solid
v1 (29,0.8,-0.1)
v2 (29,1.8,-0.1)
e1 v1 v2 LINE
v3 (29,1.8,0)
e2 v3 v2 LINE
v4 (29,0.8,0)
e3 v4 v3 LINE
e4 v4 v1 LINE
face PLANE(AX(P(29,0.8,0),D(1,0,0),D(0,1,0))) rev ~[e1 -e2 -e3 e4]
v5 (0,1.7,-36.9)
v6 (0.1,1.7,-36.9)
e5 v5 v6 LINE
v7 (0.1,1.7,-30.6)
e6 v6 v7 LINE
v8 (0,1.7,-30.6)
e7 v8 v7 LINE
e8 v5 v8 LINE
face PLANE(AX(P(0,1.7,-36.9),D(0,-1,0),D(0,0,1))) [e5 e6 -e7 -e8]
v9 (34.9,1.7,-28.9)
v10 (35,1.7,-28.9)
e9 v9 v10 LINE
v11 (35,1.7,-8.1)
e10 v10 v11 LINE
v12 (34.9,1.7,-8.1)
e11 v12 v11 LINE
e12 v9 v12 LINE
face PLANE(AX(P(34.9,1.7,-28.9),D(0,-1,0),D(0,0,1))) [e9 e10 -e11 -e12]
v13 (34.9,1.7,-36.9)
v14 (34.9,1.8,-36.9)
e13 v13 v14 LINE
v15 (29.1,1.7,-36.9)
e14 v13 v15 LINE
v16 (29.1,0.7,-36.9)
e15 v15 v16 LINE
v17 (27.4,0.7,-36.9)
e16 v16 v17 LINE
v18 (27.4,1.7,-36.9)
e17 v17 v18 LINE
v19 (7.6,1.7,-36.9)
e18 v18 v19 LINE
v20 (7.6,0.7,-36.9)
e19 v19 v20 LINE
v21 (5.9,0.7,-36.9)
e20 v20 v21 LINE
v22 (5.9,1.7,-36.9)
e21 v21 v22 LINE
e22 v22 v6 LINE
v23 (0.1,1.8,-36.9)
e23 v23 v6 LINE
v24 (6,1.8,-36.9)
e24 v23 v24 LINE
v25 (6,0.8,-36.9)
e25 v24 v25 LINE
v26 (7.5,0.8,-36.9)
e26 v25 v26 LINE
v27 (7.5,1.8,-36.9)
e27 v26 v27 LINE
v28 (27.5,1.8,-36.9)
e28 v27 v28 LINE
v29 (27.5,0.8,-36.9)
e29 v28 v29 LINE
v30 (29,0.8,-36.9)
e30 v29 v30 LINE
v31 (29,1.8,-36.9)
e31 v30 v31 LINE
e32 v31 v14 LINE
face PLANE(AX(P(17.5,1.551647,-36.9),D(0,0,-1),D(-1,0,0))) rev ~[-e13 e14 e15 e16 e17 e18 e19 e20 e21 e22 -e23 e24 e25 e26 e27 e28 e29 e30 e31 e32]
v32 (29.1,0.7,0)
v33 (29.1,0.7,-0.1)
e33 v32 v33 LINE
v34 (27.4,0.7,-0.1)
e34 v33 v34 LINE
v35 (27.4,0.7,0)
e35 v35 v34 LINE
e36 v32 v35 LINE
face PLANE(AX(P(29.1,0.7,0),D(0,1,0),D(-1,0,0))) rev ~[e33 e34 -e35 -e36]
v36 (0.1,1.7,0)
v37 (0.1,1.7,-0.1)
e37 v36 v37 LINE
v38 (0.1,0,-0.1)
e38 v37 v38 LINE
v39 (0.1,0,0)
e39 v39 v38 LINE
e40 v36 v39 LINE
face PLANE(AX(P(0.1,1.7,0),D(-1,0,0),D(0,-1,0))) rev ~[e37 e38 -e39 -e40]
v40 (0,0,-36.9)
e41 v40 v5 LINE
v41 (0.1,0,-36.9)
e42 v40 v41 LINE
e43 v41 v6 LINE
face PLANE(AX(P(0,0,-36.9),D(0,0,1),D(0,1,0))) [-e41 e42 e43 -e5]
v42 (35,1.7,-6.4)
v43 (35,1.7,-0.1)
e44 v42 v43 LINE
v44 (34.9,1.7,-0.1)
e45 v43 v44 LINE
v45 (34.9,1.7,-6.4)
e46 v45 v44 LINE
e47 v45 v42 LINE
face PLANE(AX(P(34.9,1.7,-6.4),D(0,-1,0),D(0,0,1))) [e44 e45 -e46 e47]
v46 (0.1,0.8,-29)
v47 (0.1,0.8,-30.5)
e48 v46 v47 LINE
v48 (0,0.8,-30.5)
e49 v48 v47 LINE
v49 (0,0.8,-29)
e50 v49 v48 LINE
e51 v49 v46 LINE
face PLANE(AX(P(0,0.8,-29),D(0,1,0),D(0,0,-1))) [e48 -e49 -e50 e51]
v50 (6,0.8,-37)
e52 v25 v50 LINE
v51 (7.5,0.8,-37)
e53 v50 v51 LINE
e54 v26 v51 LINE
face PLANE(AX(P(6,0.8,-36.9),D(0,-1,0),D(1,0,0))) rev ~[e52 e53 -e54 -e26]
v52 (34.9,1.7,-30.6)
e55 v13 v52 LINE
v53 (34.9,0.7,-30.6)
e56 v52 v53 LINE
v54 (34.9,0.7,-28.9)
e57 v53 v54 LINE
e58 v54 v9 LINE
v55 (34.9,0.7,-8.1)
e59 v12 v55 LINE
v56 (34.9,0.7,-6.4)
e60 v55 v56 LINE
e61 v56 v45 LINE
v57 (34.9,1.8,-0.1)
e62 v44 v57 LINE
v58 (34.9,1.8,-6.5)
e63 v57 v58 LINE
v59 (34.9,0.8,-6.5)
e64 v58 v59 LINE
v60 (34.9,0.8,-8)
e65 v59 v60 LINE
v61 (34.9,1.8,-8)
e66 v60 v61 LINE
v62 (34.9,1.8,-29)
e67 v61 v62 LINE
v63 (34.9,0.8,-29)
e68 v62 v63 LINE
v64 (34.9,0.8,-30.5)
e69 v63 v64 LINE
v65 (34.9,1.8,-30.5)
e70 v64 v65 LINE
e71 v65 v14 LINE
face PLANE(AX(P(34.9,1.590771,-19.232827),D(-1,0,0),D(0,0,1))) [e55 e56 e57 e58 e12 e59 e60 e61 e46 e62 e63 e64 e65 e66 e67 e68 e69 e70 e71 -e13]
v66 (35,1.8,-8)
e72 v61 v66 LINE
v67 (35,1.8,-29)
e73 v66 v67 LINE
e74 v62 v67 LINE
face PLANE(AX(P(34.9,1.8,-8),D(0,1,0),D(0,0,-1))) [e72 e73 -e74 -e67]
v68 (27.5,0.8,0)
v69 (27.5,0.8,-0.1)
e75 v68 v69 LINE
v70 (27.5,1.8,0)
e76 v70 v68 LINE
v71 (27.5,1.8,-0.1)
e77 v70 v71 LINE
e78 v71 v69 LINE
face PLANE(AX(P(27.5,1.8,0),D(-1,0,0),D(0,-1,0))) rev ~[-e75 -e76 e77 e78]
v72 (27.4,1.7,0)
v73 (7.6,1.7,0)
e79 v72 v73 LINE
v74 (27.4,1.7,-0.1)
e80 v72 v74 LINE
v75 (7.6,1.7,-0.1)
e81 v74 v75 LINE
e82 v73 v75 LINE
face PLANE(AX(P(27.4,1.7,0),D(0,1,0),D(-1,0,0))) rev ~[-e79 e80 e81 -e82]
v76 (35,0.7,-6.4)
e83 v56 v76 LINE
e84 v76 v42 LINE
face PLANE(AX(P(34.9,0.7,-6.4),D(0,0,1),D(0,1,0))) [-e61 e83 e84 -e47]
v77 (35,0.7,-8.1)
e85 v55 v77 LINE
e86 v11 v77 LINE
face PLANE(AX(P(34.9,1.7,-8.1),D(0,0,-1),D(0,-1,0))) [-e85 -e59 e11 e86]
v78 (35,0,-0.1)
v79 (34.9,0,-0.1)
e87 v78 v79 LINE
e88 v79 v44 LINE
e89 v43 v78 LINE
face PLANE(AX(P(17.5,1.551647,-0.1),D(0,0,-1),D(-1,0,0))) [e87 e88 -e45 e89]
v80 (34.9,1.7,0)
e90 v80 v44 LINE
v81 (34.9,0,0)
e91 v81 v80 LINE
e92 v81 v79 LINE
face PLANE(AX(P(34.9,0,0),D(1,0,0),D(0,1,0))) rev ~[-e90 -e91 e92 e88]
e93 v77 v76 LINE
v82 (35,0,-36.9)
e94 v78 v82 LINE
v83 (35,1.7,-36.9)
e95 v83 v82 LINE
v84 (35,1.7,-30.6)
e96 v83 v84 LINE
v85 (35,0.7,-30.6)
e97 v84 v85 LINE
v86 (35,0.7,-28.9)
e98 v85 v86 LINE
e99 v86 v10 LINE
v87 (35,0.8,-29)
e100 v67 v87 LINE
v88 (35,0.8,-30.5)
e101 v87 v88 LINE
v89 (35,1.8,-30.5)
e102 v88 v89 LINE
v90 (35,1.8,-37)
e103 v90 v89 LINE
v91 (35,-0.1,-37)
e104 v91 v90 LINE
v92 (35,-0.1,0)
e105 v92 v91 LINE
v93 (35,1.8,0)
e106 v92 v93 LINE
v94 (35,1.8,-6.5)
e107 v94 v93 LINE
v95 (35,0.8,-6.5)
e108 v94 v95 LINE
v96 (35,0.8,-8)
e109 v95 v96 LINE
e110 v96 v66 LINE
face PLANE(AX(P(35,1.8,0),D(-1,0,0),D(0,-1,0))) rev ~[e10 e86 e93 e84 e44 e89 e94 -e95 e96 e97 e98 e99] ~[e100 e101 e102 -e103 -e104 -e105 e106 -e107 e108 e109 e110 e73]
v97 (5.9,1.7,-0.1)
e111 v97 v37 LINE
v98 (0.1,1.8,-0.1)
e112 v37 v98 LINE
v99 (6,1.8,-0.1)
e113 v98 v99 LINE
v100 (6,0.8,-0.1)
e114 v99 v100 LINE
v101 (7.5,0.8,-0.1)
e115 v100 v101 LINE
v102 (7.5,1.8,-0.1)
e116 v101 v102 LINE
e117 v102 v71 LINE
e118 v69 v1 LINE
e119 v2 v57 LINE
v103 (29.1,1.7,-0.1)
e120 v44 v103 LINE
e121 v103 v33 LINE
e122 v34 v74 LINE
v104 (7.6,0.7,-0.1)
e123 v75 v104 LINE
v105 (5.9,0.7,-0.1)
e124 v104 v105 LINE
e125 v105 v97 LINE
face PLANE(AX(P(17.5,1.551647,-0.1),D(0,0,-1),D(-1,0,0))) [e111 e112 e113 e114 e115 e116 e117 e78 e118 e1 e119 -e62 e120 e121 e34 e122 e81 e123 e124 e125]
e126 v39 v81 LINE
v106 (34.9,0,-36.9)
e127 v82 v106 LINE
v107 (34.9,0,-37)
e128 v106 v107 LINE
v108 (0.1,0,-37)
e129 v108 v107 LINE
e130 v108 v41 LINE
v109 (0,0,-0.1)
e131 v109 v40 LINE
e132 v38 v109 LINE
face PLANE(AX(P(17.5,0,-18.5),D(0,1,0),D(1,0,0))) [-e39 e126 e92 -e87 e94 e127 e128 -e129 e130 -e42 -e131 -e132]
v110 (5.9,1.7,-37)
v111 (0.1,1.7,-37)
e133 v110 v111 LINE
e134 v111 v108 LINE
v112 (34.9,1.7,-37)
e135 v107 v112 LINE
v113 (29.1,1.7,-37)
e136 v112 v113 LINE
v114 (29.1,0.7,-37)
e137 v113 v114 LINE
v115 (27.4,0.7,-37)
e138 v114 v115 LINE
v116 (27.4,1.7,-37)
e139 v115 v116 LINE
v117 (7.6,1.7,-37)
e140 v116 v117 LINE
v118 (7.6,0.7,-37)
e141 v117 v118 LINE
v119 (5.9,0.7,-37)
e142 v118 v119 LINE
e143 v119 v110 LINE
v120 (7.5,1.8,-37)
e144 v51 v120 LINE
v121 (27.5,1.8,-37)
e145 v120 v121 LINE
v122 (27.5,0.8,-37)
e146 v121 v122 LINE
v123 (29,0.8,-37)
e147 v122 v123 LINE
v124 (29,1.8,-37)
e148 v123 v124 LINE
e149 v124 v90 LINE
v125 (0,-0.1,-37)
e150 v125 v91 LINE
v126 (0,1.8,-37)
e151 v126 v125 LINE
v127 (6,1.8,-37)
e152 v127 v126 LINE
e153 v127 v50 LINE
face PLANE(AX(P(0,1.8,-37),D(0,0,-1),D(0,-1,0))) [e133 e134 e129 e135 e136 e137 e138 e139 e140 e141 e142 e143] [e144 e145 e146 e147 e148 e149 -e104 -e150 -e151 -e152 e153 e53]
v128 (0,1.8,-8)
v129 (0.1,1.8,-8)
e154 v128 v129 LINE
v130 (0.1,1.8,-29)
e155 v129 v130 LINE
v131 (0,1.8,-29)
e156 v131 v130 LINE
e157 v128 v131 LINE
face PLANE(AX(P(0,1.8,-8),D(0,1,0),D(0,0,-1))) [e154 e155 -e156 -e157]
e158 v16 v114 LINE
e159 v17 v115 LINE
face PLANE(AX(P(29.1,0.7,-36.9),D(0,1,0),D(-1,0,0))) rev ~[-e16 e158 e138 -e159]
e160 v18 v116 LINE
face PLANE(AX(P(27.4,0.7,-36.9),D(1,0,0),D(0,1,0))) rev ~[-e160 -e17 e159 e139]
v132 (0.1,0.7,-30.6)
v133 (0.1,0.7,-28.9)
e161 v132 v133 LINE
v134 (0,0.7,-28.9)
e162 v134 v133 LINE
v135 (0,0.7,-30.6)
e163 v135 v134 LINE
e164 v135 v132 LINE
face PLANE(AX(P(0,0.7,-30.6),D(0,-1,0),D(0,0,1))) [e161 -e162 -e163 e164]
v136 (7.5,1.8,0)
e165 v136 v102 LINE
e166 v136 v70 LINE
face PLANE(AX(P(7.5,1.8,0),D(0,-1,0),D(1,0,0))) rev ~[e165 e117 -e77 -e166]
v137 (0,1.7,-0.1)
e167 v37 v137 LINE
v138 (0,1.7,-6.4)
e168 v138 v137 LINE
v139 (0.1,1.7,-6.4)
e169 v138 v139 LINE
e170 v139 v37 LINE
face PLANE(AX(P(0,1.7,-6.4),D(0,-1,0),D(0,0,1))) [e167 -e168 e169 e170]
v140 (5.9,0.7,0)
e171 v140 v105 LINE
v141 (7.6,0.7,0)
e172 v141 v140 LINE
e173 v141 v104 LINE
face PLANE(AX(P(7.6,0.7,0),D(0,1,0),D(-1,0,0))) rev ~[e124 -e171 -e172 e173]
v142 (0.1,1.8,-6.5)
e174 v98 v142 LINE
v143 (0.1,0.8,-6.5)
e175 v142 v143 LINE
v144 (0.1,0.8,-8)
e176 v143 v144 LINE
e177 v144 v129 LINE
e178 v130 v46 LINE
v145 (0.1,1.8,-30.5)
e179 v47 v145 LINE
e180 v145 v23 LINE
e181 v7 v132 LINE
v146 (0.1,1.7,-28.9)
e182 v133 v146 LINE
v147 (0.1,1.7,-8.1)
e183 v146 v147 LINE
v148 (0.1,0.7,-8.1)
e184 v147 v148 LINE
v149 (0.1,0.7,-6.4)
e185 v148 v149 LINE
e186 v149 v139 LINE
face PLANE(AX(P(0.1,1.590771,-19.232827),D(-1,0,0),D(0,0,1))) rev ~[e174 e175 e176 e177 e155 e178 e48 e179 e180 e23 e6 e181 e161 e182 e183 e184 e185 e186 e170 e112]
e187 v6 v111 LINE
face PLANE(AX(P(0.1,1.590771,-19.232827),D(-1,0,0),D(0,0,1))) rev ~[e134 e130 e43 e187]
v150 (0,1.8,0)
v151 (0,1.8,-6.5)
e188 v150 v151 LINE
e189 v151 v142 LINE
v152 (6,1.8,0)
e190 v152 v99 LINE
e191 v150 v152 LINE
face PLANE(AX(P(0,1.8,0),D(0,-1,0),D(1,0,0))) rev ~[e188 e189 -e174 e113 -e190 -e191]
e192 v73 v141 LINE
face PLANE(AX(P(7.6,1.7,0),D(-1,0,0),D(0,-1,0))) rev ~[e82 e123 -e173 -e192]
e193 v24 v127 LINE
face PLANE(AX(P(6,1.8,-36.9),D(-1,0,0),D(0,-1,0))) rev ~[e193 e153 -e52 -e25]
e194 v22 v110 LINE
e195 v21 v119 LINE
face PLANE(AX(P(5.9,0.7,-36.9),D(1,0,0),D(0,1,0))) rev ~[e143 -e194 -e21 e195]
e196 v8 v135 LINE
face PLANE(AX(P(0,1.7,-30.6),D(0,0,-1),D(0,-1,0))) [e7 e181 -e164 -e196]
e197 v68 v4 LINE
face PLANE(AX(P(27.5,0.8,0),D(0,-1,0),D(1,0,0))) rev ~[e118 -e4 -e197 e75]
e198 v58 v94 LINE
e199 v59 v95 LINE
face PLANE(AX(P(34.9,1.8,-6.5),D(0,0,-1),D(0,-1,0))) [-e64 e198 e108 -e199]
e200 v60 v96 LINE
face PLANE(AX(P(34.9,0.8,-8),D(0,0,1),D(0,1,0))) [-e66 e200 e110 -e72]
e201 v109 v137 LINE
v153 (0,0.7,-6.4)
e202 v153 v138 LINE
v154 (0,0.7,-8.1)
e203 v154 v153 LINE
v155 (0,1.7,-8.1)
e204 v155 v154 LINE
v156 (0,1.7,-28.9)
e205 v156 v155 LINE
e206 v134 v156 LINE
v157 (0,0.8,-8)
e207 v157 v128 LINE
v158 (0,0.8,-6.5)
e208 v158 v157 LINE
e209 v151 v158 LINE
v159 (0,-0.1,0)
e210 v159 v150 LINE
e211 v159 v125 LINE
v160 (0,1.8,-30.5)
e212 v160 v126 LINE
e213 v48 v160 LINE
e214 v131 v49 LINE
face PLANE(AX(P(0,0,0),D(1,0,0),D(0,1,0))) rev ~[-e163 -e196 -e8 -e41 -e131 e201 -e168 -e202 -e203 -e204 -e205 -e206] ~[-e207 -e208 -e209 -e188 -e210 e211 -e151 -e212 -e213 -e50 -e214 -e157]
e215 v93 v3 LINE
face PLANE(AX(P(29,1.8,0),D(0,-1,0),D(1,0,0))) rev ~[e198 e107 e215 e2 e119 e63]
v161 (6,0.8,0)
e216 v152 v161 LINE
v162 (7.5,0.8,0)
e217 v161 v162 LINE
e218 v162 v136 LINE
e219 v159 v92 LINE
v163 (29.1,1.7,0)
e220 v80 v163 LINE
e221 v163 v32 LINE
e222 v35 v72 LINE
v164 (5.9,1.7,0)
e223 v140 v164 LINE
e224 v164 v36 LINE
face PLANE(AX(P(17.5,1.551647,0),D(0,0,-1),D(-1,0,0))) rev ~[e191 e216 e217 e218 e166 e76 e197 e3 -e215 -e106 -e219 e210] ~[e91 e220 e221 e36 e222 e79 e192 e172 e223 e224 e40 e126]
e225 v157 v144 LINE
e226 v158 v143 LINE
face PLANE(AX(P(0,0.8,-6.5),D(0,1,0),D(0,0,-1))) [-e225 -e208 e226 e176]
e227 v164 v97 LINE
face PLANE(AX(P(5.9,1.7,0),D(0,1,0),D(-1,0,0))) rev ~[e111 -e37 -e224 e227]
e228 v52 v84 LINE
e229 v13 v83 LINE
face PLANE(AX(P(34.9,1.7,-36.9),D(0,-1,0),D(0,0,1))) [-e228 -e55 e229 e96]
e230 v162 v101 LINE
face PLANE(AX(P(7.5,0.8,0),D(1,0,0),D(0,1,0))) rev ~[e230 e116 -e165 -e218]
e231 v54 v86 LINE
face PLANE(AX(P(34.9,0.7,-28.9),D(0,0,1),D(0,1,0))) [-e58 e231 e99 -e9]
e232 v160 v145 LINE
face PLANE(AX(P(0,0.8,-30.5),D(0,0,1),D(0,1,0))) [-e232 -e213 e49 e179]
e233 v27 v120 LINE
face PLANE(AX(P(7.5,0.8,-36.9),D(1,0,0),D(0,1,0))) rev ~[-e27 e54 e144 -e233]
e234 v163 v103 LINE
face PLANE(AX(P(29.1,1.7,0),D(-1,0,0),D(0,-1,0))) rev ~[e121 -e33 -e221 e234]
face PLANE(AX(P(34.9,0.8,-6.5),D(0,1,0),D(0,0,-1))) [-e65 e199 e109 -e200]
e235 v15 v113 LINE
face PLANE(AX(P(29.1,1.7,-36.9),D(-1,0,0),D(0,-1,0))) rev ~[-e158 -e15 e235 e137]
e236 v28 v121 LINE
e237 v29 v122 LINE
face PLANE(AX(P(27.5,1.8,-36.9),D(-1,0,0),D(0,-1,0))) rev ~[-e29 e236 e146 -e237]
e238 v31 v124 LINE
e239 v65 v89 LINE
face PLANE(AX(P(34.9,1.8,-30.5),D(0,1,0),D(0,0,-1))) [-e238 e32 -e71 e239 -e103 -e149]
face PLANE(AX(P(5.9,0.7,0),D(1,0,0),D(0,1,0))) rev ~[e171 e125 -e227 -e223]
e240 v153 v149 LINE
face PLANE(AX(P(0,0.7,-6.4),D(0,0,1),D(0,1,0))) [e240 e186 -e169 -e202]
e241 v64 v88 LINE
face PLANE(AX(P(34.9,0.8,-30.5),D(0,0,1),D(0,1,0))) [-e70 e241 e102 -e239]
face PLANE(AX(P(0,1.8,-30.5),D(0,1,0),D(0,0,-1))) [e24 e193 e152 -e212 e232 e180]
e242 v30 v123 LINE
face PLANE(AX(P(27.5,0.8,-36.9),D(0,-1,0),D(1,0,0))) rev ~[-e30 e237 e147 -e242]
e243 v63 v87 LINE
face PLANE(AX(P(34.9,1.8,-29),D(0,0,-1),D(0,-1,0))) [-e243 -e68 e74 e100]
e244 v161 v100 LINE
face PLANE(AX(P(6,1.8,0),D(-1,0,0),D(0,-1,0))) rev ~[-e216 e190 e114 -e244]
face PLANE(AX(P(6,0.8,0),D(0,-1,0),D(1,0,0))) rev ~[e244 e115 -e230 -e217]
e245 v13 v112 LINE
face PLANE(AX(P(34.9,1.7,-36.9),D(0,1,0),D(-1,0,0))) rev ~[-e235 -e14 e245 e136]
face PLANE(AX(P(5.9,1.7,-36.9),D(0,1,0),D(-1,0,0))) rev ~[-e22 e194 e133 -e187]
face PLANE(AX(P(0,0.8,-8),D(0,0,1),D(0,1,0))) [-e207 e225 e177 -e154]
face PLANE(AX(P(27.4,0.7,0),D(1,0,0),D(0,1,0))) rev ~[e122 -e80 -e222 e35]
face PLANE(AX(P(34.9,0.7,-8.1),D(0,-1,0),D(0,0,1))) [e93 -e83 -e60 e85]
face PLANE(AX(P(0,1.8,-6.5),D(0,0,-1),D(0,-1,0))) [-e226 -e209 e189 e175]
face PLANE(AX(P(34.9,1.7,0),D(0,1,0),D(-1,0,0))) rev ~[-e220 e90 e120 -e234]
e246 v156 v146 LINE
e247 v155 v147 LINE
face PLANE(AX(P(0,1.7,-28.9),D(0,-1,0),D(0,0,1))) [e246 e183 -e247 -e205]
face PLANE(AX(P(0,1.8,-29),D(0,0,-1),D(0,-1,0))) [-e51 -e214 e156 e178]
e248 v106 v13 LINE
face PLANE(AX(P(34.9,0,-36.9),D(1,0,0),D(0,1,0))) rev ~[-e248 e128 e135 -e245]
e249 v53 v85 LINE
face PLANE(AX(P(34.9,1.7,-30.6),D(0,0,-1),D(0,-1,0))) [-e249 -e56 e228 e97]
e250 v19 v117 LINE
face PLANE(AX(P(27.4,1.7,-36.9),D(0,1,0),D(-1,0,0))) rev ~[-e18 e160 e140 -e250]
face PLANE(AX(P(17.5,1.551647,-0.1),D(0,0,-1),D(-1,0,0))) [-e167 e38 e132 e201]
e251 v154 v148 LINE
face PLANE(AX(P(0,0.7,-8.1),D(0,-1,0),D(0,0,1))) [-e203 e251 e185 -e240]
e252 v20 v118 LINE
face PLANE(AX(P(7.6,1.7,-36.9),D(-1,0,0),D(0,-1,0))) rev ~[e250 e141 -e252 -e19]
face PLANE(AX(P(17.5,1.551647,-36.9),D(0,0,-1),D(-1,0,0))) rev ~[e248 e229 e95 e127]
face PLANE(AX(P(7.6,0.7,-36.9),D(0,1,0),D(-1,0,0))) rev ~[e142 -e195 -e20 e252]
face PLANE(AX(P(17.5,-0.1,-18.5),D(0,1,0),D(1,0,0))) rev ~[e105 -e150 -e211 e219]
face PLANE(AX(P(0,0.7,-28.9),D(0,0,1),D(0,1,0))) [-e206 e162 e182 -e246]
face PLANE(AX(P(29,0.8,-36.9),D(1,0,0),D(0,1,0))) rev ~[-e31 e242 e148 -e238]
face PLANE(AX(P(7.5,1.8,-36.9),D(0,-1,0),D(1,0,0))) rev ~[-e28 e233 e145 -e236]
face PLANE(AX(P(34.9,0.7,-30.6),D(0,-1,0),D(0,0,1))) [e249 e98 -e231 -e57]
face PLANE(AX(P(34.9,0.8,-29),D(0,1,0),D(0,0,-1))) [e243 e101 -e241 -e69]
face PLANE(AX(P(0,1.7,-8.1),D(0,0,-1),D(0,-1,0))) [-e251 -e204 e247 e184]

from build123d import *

# Parameters (mm, degrees)
SKETCH_1_W             = 35
SKETCH_1_H             = 37
EXTRUDE_1_DEPTH        = 0.1
EXTRUDE_2_DEPTH        = 0.1
EXTRUDE_3_DEPTH        = 0.1
PATTERN_LINEAR_1_COUNT = 2
PATTERN_LINEAR_1_PITCH = 36.9
PATTERN_LINEAR_2_COUNT = 2
PATTERN_LINEAR_2_PITCH = 34.9


with BuildPart() as part:
    # 草图1 → 凸台-拉伸1 (new body)
    with BuildSketch(Plane(origin=(0, 0, 0), x_dir=(1, 0, 0), z_dir=(0, 1, 0))):
        with Locations((17.5, 18.5)):
            Rectangle(SKETCH_1_W, SKETCH_1_H)
    extrude(amount=-EXTRUDE_1_DEPTH)

    # 草图2 → 拉伸-薄壁2 (add)
    with BuildSketch(Plane.XY):
        Polygon((0, 0), (0, 1.8), (6, 1.8), (6, 0.8), (7.5, 0.8), (7.5, 1.8), (27.5, 1.8), (27.5, 0.8), (29, 0.8), (29, 1.8), (35, 1.8), (35, 0), (34.9, 0), (34.9, 1.7), (29.1, 1.7), (29.1, 0.7), (27.4, 0.7), (27.4, 1.7), (7.6, 1.7), (7.6, 0.7), (5.9, 0.7), (5.9, 1.7), (0.1, 1.7), (0.1, 0), align=None)
    extrude_2 = extrude(amount=-EXTRUDE_2_DEPTH)

    # 草图3 → 拉伸-薄壁3 (add)
    with BuildSketch(Plane(origin=(0, 0, 0), x_dir=(0, 0, -1), z_dir=(1, 0, 0))):
        Polygon((0, 1.8), (6.5, 1.8), (6.5, 0.8), (8, 0.8), (8, 1.8), (29, 1.8), (29, 0.8), (30.5, 0.8), (30.5, 1.8), (37, 1.8), (37, 0), (36.9, 0), (36.9, 1.7), (30.6, 1.7), (30.6, 0.7), (28.9, 0.7), (28.9, 1.7), (8.1, 1.7), (8.1, 0.7), (6.4, 0.7), (6.4, 1.7), (0, 1.7), align=None)
    extrude_3 = extrude(amount=EXTRUDE_3_DEPTH)

    # 阵列(线性)1: 拉伸-薄壁2 ×2
    with Locations(*[(0, 0, -i * PATTERN_LINEAR_1_PITCH) for i in range(1, PATTERN_LINEAR_1_COUNT)]):
        add(extrude_2)

    # 阵列(线性)2: 拉伸-薄壁3 ×2
    with Locations(*[(i * PATTERN_LINEAR_2_PITCH, 0, 0) for i in range(1, PATTERN_LINEAR_2_COUNT)]):
        add(extrude_3)


solid = part.part
